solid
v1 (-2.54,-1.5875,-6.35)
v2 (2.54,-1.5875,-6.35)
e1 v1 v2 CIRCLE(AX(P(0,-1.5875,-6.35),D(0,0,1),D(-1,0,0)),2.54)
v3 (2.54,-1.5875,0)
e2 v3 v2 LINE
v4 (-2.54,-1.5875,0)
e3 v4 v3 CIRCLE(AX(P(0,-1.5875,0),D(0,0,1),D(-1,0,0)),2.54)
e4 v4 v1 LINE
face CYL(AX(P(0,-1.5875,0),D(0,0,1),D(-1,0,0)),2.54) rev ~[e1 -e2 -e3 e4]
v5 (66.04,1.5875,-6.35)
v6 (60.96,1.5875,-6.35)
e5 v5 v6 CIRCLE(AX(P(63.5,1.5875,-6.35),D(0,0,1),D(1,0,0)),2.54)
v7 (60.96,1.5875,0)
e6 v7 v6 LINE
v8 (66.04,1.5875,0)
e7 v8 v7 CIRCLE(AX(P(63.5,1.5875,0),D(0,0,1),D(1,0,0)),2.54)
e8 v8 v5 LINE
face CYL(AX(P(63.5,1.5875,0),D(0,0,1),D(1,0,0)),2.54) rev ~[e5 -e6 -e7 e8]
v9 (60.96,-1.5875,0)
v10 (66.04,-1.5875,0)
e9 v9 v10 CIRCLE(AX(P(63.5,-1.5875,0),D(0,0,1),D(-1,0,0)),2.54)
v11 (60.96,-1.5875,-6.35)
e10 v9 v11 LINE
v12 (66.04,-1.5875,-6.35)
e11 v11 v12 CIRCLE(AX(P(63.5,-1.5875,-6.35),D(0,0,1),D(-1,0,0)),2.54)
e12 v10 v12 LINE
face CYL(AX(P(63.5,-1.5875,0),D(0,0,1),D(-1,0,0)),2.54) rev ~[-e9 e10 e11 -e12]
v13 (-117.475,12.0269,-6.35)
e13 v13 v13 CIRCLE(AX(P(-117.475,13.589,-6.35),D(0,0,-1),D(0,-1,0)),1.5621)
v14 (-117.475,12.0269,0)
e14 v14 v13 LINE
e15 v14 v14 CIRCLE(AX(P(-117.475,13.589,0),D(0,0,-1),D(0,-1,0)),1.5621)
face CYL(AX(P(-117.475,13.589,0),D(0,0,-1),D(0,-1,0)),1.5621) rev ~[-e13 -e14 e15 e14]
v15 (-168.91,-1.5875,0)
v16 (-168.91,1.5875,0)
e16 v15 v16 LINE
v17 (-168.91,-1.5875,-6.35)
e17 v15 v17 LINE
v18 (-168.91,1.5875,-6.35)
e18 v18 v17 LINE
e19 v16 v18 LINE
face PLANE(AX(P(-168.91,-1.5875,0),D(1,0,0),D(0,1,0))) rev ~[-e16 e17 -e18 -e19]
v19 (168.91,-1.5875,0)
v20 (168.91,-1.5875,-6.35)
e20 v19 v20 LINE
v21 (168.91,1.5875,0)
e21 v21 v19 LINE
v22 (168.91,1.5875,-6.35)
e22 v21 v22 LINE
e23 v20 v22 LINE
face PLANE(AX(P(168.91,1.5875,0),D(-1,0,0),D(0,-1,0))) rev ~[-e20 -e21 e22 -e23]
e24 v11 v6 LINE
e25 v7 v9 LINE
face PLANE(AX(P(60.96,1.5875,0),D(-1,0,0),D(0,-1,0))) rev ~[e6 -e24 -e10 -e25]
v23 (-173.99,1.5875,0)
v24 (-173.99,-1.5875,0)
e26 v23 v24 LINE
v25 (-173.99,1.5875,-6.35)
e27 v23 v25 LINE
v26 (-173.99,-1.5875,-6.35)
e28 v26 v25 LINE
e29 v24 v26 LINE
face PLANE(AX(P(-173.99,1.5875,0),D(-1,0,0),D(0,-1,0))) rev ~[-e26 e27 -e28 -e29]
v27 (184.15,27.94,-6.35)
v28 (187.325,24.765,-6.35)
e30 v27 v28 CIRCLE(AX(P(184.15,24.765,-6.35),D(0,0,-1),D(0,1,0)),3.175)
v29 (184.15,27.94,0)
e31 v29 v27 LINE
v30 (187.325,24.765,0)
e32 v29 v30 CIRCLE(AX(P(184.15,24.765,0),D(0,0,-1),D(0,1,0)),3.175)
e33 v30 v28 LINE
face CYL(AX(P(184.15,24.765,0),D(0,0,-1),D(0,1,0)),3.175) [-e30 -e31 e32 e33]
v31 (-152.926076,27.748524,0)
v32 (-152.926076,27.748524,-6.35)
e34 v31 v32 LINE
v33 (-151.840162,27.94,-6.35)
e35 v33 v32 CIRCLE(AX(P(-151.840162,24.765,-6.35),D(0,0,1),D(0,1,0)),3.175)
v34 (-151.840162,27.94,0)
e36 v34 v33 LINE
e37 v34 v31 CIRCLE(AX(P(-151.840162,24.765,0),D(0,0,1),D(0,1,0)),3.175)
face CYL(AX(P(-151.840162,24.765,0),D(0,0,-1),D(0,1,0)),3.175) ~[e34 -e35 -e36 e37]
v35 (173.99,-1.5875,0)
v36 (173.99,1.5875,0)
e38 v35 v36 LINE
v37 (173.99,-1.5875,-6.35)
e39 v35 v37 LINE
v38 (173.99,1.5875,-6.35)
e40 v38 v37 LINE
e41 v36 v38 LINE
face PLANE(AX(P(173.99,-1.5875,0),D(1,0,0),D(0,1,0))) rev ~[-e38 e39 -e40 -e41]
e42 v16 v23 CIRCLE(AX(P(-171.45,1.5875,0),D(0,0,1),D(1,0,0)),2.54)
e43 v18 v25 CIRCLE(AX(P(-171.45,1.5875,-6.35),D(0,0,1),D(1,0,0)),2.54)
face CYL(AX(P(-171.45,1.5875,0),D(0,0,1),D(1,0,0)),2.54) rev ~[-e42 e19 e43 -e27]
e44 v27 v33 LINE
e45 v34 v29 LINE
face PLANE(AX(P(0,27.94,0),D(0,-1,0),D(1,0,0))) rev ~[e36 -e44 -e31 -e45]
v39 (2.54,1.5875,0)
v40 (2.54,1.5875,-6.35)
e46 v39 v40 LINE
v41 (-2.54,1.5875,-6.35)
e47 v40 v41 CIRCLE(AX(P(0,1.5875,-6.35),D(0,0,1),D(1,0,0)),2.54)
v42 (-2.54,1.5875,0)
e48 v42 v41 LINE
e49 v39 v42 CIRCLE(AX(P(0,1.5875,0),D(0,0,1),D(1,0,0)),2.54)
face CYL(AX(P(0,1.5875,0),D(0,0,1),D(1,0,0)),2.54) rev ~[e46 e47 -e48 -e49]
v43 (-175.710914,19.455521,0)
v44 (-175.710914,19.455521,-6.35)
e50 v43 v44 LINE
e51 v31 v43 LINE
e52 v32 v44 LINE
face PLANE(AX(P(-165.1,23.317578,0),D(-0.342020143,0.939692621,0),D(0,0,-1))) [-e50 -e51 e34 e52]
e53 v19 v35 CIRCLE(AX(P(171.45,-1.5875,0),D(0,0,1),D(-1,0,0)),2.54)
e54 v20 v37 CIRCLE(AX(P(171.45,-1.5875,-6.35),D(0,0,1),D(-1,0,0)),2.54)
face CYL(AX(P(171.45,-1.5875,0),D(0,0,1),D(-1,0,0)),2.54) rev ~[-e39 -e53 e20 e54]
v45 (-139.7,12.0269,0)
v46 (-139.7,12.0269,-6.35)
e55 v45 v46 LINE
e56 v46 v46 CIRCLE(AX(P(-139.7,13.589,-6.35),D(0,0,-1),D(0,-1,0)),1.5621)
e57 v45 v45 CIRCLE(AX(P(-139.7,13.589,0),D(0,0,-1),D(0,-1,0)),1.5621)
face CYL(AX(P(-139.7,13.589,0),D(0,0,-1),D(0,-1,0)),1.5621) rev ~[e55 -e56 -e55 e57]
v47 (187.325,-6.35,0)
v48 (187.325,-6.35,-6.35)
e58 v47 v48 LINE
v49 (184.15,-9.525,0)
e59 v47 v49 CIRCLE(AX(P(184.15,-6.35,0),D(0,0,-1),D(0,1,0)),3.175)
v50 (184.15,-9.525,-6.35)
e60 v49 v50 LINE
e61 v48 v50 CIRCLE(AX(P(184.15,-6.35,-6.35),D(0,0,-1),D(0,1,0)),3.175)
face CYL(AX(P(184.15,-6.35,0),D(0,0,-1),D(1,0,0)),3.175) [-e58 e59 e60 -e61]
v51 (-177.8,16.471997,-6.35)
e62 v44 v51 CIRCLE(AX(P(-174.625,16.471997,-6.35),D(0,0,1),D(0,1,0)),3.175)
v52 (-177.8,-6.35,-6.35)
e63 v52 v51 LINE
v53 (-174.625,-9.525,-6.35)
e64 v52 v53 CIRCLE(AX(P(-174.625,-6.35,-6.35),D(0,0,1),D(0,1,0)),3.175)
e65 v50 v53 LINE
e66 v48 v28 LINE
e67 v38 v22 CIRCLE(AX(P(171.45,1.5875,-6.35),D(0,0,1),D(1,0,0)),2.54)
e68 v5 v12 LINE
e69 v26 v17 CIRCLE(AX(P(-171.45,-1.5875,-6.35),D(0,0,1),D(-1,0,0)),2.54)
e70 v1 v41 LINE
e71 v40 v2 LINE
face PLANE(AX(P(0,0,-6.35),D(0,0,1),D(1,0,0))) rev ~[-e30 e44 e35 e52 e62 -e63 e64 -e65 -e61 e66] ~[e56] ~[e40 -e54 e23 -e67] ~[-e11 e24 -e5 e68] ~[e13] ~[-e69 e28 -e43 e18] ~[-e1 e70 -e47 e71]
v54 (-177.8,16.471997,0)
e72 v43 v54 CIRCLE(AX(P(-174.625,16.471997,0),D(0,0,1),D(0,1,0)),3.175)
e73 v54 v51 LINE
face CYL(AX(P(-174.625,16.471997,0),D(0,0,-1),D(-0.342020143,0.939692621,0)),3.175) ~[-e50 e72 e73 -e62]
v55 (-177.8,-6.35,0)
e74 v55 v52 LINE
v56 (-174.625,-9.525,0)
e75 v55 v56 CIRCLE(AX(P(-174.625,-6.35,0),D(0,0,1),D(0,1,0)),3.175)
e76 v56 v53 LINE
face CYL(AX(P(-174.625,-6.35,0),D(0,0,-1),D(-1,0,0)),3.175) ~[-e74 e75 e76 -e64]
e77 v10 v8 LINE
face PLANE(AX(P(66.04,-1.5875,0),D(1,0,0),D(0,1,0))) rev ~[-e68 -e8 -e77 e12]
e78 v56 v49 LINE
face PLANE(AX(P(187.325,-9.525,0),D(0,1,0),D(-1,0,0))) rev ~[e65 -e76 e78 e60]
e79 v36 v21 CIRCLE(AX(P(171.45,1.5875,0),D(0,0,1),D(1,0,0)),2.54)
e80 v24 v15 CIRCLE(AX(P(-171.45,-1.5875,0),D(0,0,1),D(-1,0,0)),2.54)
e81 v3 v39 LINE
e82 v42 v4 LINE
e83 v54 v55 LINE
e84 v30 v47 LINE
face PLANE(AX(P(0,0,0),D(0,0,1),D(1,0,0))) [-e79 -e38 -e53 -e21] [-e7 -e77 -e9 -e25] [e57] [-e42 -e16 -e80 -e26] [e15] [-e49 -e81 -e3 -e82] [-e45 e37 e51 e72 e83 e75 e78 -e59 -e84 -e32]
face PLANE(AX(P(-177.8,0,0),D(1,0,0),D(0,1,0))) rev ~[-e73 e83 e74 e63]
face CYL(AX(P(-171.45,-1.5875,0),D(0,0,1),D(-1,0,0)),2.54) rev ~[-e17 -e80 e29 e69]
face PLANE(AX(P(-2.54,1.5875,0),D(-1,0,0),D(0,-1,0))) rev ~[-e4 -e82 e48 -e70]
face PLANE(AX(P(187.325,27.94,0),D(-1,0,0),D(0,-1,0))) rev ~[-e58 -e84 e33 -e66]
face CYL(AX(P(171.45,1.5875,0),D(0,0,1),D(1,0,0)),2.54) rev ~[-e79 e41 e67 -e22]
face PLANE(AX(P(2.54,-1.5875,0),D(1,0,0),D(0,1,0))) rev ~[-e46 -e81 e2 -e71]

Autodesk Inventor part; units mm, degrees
ref_plane "YZ Plane" through (0, 0, 0) normal (1, 0, 0) x (0, 1, 0)
ref_plane "XZ Plane" through (0, 0, 0) normal (0, 1, 0) x (-1, 0, 0)
sketch "Sketch1" plane through (0, 0, 0) normal (0, 0, 1) x (1, 0, 0)
  line L0 (0, 35.433) -> (0, -17.018) projected
  line L1 (-250.825, 0) -> (260.35, 0) projected
  line L2 (187.325, -9.525) -> (-177.8, -9.525)
  line L3 (-177.8, -9.525) -> (-177.8, 27.94)
  line L4 (-177.8, 27.94) -> (187.325, 27.94)
  line L5 (187.325, 27.94) -> (187.325, -9.525)
  point P0 (0, 0)
  point P1 (-171.45, 0)
  point P2 (0, 0)
  point P3 (63.5, 0)
  point P4 (171.45, 0)
  point P5 (-139.7, 13.589)
  point P6 (-117.475, 13.589)
  dimension "d0" = 171.45
  dimension "d1" = 63.5
  dimension "d17" = 27.94
  dimension "d18" = 9.525
  dimension "d19" = 6.35
  dimension "d20" = 187.325
  dimension "d21" = 171.45
  dimension "d33" = 22.225
  dimension "d34" = 14.351
  dimension "d35" = 38.1
extrude "Extrusion1" add sketch "Sketch1" against normal blind 6.35
sketch "Sketch2" plane through (0, 0, -6.35) normal (0, 0, -1) x (-1, 0, 0)
  point P0 (0, 0)
  point P1 (171.45, 0)
  point P2 (0, 0)
  point P3 (-63.5, 0)
  point P4 (-171.45, 0)
chamfer "Chamfer1" distance 25.4 angle 20 1 edges at (-177.8, 27.94, -3.175) measured on face at (-56.0917, 27.94, -2.1167)
fillet "Fillet1" radius 3.175 5 edges at (187.325, 27.94, -3.175) (187.325, -9.525, -3.175) (-177.8, -9.525, -3.175) (-177.8, 18.6952, -3.175) (-152.4, 27.94, -3.175)
hole "Hole2" [suppressed]
sketch "Sketch3" plane through (0, 0, 0) normal (0, 0, 1) x (1, 0, 0)
  line L0 (-171.45, -1.5875) -> (-171.45, 1.5875) construction
  line L1 (-168.91, -1.5875) -> (-168.91, 1.5875)
  line L2 (-173.99, 1.5875) -> (-173.99, -1.5875)
  arc A0 (-173.99, -1.5875) -> (-168.91, -1.5875) centre (-171.45, -1.5875) ccw
  arc A1 (-168.91, 1.5875) -> (-173.99, 1.5875) centre (-171.45, 1.5875) ccw
  line L3 (0, -1.5875) -> (0, 1.5875) construction
  line L4 (2.54, -1.5875) -> (2.54, 1.5875)
  line L5 (-2.54, 1.5875) -> (-2.54, -1.5875)
  arc A2 (-2.54, -1.5875) -> (2.54, -1.5875) centre (0, -1.5875) ccw
  arc A3 (2.54, 1.5875) -> (-2.54, 1.5875) centre (0, 1.5875) ccw
  line L6 (63.5, -1.5875) -> (63.5, 1.5875) construction
  line L7 (66.04, -1.5875) -> (66.04, 1.5875)
  line L8 (60.96, 1.5875) -> (60.96, -1.5875)
  arc A4 (60.96, -1.5875) -> (66.04, -1.5875) centre (63.5, -1.5875) ccw
  arc A5 (66.04, 1.5875) -> (60.96, 1.5875) centre (63.5, 1.5875) ccw
  line L9 (171.45, -1.5875) -> (171.45, 1.5875) construction
  line L10 (173.99, -1.5875) -> (173.99, 1.5875)
  line L11 (168.91, 1.5875) -> (168.91, -1.5875)
  arc A6 (168.91, -1.5875) -> (173.99, -1.5875) centre (171.45, -1.5875) ccw
  arc A7 (173.99, 1.5875) -> (168.91, 1.5875) centre (171.45, 1.5875) ccw
  point P0 (0, 0)
  point P1 (-171.45, 0)
  point P2 (0, 0)
  point P3 (63.5, 0)
  point P4 (171.45, 0)
  dimension "d29" = 2.54
  dimension "d30" = 3.175
extrude "Extrusion2" cut sketch "Sketch3" against normal up to next
hole "Hole3" at (-139.7, 13.589, 0) at (-117.475, 13.589, 0) direction (0, 0, -1) diameter 3.1242 end through all
